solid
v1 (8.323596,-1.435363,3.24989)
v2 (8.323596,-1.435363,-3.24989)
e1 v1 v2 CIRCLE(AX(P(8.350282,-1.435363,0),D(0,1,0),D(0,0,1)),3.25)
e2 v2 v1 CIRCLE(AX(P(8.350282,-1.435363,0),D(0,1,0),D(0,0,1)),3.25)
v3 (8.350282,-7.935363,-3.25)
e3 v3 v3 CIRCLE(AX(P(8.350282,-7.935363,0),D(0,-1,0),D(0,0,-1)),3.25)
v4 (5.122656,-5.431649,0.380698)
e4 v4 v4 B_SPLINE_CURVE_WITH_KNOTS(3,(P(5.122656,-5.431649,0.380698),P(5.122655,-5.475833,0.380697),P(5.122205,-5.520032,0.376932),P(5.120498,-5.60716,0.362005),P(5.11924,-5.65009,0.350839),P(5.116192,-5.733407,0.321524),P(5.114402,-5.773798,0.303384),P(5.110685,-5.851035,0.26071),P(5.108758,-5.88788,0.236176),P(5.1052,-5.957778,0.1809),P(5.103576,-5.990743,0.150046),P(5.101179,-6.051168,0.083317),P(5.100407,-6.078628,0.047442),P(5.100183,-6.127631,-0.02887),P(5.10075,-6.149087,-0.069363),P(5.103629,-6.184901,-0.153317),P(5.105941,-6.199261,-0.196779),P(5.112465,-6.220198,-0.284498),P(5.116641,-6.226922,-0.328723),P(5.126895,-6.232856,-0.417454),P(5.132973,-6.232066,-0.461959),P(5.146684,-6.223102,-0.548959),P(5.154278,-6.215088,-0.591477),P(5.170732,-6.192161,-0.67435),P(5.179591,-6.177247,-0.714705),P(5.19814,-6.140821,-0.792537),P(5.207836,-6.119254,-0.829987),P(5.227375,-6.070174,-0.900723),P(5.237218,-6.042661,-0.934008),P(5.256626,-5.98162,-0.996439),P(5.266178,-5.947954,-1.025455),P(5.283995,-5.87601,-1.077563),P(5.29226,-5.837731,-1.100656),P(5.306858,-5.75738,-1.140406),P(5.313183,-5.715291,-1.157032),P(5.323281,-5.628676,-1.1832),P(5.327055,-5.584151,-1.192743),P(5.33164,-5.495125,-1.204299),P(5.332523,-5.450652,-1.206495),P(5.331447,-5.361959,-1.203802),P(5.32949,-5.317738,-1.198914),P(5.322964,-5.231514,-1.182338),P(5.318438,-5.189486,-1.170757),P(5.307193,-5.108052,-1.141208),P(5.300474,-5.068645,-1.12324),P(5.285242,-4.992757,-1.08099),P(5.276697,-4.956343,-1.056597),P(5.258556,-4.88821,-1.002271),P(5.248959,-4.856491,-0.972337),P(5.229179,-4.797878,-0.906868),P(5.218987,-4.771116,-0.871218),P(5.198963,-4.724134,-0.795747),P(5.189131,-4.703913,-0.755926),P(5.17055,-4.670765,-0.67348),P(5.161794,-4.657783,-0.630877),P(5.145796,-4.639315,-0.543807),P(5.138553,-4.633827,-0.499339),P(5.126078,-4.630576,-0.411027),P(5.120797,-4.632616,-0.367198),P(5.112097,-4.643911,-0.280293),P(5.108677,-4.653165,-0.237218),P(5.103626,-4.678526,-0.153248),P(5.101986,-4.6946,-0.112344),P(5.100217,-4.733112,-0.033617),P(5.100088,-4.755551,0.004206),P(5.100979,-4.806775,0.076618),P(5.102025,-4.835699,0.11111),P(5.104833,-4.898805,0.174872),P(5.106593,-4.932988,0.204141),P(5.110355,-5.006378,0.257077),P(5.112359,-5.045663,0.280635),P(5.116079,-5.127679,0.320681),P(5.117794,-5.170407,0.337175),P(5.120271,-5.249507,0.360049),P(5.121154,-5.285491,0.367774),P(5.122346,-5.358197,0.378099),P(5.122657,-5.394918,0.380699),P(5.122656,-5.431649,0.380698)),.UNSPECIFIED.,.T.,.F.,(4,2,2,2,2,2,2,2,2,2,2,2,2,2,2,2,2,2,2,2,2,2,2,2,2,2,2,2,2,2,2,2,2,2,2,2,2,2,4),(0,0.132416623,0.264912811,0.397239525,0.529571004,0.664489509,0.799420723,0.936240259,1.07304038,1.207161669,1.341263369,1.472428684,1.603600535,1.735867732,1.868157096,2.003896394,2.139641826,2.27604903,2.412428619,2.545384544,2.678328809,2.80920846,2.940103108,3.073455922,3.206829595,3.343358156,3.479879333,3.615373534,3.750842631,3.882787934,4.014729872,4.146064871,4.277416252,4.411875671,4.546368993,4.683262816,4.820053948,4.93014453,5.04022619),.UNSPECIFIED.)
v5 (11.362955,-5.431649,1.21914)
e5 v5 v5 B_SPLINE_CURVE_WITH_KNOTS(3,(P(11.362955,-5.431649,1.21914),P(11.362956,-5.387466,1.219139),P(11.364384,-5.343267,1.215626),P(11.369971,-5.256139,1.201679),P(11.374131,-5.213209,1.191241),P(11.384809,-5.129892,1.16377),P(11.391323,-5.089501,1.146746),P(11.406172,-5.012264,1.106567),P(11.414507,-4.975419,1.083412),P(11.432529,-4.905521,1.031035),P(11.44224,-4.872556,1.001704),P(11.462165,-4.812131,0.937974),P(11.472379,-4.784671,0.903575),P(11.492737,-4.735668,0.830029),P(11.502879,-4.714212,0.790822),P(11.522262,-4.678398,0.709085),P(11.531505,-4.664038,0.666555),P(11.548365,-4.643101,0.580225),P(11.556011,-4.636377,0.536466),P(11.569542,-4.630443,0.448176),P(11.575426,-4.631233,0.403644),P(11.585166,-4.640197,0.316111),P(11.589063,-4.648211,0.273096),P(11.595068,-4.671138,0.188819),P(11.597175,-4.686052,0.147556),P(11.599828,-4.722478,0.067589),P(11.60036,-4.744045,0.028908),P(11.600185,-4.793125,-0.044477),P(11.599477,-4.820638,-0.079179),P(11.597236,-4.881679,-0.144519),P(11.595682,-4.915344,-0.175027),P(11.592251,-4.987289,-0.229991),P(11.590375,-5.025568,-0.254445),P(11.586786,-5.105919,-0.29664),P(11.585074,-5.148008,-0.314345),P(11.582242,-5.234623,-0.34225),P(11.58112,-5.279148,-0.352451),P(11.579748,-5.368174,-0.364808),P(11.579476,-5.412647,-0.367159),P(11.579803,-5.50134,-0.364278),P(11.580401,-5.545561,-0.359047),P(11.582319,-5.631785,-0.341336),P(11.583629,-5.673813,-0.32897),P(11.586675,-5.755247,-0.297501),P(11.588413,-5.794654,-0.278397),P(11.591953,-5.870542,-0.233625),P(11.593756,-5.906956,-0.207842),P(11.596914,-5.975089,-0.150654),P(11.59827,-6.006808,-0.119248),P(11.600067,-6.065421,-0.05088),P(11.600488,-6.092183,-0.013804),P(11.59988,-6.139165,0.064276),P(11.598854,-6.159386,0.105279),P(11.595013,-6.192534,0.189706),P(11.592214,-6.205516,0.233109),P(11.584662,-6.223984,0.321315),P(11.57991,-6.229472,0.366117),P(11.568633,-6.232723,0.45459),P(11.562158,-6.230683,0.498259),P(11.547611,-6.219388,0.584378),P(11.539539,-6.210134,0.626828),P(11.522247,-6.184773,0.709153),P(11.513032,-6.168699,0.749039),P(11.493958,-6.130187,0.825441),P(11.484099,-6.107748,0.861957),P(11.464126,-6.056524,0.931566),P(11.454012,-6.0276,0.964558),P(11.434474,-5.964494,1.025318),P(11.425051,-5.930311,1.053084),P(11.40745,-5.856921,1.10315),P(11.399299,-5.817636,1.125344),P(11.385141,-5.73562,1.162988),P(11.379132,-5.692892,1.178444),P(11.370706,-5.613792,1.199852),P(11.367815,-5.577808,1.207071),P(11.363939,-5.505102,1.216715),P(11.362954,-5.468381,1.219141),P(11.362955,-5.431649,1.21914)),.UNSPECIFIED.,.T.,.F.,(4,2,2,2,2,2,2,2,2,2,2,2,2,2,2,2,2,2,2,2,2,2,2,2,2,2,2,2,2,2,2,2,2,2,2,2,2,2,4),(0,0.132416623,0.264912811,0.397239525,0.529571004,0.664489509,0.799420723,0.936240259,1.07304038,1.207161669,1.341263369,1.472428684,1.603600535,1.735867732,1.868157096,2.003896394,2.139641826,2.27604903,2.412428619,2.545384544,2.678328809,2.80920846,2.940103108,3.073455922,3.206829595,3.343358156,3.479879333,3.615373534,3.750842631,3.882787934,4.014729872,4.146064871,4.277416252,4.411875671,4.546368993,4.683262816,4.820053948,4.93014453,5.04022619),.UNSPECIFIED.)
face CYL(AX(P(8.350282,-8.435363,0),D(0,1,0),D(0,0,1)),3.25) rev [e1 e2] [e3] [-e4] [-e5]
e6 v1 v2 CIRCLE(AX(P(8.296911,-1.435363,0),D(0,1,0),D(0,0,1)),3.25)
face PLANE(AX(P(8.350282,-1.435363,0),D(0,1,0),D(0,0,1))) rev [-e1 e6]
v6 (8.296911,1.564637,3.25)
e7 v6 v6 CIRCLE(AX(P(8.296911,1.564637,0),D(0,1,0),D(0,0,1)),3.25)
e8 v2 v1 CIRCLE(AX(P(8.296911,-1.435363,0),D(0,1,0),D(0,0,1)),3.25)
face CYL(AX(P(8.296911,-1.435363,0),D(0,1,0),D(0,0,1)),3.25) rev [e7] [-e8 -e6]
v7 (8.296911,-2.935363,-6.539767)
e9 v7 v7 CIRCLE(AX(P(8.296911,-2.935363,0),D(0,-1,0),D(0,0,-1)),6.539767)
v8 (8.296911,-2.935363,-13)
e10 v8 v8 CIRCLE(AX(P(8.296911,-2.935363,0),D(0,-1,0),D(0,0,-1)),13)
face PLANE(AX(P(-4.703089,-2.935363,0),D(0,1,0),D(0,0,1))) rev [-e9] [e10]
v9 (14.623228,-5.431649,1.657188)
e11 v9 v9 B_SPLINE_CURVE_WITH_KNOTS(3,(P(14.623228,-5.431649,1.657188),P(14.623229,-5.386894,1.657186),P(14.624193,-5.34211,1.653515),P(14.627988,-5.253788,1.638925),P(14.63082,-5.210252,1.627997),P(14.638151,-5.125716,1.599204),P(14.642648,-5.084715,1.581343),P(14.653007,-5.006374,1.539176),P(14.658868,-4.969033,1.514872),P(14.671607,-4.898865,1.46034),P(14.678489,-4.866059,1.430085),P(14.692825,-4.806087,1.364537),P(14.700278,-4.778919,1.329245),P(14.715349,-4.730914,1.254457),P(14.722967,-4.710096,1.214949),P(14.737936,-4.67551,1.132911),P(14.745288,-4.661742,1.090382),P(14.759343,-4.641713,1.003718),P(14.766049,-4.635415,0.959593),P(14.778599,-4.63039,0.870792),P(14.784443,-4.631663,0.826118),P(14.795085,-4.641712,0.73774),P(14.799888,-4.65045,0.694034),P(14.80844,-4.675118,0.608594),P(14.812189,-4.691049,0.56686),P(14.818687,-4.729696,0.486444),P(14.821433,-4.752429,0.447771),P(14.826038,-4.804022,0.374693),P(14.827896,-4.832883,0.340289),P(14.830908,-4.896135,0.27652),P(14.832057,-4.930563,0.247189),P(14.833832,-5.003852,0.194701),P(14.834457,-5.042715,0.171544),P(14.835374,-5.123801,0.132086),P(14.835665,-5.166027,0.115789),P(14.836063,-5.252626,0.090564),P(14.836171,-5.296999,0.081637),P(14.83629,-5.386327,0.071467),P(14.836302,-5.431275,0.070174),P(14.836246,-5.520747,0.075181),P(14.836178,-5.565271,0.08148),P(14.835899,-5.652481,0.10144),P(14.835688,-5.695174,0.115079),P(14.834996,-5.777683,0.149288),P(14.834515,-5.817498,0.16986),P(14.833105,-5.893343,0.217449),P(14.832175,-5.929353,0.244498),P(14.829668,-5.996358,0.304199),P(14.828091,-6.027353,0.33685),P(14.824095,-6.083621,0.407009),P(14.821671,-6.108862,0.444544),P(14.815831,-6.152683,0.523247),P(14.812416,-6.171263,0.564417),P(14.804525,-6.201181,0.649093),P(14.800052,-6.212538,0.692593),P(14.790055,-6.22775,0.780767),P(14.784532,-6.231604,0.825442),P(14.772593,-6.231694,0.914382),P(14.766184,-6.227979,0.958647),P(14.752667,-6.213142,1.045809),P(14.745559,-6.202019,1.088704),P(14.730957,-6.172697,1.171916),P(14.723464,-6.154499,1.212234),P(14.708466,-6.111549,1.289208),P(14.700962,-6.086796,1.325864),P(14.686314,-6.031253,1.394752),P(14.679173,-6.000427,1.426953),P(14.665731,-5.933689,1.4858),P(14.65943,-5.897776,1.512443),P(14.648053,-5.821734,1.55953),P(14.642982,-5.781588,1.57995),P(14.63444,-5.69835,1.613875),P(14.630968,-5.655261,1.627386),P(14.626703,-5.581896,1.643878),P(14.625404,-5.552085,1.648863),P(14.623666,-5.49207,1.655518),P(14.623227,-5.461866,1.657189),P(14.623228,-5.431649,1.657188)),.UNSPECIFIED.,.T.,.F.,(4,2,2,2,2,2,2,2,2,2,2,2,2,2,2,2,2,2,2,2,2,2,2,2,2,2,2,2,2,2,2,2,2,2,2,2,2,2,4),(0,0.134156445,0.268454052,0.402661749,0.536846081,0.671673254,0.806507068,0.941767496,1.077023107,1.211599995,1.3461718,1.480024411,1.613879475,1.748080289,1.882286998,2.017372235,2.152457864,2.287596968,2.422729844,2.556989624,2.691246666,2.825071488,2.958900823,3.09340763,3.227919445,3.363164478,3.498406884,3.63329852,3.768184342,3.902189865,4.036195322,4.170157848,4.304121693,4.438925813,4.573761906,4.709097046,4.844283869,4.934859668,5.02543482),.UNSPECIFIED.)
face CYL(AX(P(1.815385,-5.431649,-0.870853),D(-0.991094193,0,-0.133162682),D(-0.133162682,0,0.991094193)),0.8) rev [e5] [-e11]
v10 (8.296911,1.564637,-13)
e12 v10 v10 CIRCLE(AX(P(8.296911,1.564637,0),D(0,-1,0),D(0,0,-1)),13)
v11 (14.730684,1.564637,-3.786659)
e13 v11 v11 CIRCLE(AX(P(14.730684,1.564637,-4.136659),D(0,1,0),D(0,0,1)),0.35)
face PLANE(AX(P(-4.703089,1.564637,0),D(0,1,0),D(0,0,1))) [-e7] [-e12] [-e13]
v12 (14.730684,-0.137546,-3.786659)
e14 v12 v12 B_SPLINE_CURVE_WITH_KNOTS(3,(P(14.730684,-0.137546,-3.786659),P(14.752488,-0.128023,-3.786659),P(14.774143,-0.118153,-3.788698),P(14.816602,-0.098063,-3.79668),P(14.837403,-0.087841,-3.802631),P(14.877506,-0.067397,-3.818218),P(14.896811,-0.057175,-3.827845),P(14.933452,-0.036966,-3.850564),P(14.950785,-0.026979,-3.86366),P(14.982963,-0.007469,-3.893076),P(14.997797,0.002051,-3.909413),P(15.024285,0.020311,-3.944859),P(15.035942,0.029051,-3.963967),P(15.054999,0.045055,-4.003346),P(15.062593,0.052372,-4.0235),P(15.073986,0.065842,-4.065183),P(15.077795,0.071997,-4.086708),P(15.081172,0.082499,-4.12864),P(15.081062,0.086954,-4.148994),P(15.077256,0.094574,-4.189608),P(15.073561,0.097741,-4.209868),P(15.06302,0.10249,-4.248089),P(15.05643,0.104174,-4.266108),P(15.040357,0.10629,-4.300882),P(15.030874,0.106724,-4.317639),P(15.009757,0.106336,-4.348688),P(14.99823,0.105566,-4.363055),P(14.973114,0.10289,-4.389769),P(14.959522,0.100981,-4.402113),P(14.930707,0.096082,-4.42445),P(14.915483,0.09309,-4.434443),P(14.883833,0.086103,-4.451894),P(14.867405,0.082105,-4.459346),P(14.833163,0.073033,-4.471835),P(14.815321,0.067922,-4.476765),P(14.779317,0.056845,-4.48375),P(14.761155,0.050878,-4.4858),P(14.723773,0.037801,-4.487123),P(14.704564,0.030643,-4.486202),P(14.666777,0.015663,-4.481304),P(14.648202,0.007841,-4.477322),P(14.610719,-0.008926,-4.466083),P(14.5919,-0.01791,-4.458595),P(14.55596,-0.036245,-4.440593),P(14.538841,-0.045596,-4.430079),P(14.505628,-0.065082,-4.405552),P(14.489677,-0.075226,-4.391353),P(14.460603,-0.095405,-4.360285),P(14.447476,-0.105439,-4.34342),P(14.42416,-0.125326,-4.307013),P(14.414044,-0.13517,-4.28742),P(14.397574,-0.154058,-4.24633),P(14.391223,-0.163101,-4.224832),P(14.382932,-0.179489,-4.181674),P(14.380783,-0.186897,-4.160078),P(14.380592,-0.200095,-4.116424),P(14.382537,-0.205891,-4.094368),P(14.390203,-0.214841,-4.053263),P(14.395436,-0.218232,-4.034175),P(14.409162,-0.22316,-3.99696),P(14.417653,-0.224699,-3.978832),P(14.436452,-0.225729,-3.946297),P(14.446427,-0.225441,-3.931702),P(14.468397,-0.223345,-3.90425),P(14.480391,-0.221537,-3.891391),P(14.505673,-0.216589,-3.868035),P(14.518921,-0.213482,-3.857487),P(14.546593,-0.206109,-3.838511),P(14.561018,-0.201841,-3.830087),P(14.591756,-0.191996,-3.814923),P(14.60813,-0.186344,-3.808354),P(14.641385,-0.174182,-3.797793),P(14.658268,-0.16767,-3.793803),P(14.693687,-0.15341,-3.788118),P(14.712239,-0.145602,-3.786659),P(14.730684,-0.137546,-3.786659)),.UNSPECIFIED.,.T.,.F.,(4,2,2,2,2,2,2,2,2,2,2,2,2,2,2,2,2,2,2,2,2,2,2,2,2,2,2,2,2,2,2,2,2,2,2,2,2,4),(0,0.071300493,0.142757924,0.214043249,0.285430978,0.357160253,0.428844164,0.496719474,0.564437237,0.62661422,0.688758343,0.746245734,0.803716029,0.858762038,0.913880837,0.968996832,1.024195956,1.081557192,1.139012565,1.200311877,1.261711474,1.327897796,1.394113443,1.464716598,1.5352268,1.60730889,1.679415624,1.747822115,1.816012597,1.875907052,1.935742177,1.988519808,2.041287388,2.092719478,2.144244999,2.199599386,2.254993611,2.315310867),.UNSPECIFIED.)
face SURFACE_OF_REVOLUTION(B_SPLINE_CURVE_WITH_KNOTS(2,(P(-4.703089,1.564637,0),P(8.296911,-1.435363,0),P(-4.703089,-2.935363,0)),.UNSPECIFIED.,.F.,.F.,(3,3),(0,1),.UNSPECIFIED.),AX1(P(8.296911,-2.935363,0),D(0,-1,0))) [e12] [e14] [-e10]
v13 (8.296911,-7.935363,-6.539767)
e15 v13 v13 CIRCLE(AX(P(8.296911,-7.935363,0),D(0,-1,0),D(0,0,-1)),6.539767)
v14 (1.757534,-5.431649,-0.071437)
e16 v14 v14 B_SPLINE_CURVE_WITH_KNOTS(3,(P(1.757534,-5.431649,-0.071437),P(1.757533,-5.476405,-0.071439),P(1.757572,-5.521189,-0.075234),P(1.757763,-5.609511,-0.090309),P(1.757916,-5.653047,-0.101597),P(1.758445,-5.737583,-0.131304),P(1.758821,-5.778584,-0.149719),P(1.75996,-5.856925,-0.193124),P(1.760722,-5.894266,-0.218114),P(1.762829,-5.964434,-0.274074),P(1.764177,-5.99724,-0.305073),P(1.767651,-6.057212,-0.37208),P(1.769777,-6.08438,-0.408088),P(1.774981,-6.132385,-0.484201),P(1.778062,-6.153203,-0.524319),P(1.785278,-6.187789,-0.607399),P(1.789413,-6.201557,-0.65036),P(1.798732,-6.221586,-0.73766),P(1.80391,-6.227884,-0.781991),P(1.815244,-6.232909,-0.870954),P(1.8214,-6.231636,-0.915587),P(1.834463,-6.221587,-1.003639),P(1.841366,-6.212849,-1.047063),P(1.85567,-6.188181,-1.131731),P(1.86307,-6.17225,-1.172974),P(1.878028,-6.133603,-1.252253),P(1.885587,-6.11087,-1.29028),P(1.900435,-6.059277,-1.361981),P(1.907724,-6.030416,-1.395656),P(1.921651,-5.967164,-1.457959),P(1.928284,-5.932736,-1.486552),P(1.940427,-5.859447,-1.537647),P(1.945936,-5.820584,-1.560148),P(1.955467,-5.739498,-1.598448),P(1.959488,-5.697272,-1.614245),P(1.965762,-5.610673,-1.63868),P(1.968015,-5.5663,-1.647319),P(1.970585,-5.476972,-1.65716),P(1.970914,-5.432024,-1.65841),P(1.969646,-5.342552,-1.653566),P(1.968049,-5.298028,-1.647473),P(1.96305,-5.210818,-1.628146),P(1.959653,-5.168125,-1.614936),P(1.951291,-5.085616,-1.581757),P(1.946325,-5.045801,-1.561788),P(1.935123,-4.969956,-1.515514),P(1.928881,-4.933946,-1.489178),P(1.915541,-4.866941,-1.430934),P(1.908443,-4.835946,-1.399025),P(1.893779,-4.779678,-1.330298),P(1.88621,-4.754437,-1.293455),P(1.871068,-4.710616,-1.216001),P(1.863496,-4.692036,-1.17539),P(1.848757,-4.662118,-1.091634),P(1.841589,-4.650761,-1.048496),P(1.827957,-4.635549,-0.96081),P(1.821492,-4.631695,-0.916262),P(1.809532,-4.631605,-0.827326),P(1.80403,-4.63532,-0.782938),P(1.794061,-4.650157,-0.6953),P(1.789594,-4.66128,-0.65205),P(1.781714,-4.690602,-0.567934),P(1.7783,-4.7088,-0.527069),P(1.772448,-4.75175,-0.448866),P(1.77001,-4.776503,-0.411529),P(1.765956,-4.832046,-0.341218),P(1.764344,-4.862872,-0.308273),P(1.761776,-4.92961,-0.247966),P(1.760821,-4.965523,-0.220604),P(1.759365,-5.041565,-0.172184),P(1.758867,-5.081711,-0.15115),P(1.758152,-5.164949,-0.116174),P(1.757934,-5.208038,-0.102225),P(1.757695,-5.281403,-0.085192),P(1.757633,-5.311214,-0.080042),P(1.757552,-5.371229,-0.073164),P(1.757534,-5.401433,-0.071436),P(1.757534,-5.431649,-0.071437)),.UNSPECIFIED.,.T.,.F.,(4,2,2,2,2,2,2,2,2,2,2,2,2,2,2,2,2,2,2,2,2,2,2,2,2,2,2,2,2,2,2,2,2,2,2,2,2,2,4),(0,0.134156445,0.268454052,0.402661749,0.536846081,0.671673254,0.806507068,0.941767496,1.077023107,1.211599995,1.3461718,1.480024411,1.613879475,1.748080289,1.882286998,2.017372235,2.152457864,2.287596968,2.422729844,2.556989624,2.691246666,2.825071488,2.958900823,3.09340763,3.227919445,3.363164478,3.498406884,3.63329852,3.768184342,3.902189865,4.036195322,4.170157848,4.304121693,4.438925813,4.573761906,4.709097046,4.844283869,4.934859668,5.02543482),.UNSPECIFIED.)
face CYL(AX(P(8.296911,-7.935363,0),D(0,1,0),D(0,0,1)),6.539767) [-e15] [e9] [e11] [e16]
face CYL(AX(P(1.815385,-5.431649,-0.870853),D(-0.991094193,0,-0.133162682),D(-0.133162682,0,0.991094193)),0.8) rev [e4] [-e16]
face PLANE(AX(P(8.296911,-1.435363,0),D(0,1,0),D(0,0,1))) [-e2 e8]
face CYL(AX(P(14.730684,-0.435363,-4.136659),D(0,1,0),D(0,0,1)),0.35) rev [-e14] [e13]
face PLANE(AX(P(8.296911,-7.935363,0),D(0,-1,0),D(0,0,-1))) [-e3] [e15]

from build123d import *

# Parameters (mm, degrees)
SKETCH117_R           = 3.25
CUT_EXTRUDE4_DEPTH    = 3
SKETCH122_R           = 6.539767279
BOSS_EXTRUDE1_DEPTH   = 5
M2X0_4_TAPPED_HOLE1_D = 1.6
SKETCH125_R           = 3.25
CUT_EXTRUDE5_DEPTH    = 7
SKETCH126_R           = 0.35
CUT_EXTRUDE6_DEPTH    = 2


with BuildPart() as part:
    # Sketch9 → Revolve1 (revolve)
    with BuildSketch(Plane.XY):
        with BuildLine():
            Line((-4.703089141, -2.935363462), (8.296910859, -2.935363462))
            Line((8.296910859, -2.935363462), (8.296910859, 1.564636538))
            Line((8.296910859, 1.564636538), (-4.703089141, 1.564636538))
            add(Edge.make_bspline(
                [(-4.703089141, 1.564636538), (8.296910859, -1.435363462), (-4.703089141, -2.935363462)],
                knots=[0, 0, 0, 1, 1, 1], degree=2))
        make_face()
    revolve(axis=Axis((8.296910859, -2.935363462, 0), (0, 1, 0)))

    # Sketch117 → Cut-Extrude4 (cut)
    with BuildSketch(Plane(origin=(0, 1.564636538, 0), x_dir=(1, 0, 0), z_dir=(0, 1, 0))):
        with Locations((8.29691086, 0)):
            Circle(SKETCH117_R)
    extrude(amount=-CUT_EXTRUDE4_DEPTH, mode=Mode.SUBTRACT)

    # Sketch122 → Boss-Extrude1 (add)
    with BuildSketch(Plane(origin=(0, -2.935363462, 0), x_dir=(-1, 0, 0), z_dir=(0, -1, 0))):
        with Locations((-8.29691086, 0)):
            Circle(SKETCH122_R)
    extrude(amount=BOSS_EXTRUDE1_DEPTH)

    # M2x0.4 Tapped Hole1 (through all)
    with Locations(Plane(origin=(1.815385484, -5.431649491, -0.870852953), x_dir=(0.133162682, 0, -0.991094193), z_dir=(-0.991094193, 0, -0.133162682))):
        with Locations((0, 0)):
            Hole(M2X0_4_TAPPED_HOLE1_D / 2)

    # Sketch125 → Cut-Extrude5 (cut)
    with BuildSketch(Plane(origin=(0, -1.435363462, 0), x_dir=(1, 0, 0), z_dir=(0, 1, 0))):
        with Locations((8.350281981, 0)):
            Circle(SKETCH125_R)
    extrude(amount=-CUT_EXTRUDE5_DEPTH, mode=Mode.SUBTRACT)

    # Sketch126 → Cut-Extrude6 (cut)
    with BuildSketch(Plane(origin=(0, 1.564636538, 0), x_dir=(1, 0, 0), z_dir=(0, 1, 0))):
        with Locations((14.730684235, 4.136659271)):
            Circle(SKETCH126_R)
    extrude(amount=-CUT_EXTRUDE6_DEPTH, mode=Mode.SUBTRACT)


solid = part.part
